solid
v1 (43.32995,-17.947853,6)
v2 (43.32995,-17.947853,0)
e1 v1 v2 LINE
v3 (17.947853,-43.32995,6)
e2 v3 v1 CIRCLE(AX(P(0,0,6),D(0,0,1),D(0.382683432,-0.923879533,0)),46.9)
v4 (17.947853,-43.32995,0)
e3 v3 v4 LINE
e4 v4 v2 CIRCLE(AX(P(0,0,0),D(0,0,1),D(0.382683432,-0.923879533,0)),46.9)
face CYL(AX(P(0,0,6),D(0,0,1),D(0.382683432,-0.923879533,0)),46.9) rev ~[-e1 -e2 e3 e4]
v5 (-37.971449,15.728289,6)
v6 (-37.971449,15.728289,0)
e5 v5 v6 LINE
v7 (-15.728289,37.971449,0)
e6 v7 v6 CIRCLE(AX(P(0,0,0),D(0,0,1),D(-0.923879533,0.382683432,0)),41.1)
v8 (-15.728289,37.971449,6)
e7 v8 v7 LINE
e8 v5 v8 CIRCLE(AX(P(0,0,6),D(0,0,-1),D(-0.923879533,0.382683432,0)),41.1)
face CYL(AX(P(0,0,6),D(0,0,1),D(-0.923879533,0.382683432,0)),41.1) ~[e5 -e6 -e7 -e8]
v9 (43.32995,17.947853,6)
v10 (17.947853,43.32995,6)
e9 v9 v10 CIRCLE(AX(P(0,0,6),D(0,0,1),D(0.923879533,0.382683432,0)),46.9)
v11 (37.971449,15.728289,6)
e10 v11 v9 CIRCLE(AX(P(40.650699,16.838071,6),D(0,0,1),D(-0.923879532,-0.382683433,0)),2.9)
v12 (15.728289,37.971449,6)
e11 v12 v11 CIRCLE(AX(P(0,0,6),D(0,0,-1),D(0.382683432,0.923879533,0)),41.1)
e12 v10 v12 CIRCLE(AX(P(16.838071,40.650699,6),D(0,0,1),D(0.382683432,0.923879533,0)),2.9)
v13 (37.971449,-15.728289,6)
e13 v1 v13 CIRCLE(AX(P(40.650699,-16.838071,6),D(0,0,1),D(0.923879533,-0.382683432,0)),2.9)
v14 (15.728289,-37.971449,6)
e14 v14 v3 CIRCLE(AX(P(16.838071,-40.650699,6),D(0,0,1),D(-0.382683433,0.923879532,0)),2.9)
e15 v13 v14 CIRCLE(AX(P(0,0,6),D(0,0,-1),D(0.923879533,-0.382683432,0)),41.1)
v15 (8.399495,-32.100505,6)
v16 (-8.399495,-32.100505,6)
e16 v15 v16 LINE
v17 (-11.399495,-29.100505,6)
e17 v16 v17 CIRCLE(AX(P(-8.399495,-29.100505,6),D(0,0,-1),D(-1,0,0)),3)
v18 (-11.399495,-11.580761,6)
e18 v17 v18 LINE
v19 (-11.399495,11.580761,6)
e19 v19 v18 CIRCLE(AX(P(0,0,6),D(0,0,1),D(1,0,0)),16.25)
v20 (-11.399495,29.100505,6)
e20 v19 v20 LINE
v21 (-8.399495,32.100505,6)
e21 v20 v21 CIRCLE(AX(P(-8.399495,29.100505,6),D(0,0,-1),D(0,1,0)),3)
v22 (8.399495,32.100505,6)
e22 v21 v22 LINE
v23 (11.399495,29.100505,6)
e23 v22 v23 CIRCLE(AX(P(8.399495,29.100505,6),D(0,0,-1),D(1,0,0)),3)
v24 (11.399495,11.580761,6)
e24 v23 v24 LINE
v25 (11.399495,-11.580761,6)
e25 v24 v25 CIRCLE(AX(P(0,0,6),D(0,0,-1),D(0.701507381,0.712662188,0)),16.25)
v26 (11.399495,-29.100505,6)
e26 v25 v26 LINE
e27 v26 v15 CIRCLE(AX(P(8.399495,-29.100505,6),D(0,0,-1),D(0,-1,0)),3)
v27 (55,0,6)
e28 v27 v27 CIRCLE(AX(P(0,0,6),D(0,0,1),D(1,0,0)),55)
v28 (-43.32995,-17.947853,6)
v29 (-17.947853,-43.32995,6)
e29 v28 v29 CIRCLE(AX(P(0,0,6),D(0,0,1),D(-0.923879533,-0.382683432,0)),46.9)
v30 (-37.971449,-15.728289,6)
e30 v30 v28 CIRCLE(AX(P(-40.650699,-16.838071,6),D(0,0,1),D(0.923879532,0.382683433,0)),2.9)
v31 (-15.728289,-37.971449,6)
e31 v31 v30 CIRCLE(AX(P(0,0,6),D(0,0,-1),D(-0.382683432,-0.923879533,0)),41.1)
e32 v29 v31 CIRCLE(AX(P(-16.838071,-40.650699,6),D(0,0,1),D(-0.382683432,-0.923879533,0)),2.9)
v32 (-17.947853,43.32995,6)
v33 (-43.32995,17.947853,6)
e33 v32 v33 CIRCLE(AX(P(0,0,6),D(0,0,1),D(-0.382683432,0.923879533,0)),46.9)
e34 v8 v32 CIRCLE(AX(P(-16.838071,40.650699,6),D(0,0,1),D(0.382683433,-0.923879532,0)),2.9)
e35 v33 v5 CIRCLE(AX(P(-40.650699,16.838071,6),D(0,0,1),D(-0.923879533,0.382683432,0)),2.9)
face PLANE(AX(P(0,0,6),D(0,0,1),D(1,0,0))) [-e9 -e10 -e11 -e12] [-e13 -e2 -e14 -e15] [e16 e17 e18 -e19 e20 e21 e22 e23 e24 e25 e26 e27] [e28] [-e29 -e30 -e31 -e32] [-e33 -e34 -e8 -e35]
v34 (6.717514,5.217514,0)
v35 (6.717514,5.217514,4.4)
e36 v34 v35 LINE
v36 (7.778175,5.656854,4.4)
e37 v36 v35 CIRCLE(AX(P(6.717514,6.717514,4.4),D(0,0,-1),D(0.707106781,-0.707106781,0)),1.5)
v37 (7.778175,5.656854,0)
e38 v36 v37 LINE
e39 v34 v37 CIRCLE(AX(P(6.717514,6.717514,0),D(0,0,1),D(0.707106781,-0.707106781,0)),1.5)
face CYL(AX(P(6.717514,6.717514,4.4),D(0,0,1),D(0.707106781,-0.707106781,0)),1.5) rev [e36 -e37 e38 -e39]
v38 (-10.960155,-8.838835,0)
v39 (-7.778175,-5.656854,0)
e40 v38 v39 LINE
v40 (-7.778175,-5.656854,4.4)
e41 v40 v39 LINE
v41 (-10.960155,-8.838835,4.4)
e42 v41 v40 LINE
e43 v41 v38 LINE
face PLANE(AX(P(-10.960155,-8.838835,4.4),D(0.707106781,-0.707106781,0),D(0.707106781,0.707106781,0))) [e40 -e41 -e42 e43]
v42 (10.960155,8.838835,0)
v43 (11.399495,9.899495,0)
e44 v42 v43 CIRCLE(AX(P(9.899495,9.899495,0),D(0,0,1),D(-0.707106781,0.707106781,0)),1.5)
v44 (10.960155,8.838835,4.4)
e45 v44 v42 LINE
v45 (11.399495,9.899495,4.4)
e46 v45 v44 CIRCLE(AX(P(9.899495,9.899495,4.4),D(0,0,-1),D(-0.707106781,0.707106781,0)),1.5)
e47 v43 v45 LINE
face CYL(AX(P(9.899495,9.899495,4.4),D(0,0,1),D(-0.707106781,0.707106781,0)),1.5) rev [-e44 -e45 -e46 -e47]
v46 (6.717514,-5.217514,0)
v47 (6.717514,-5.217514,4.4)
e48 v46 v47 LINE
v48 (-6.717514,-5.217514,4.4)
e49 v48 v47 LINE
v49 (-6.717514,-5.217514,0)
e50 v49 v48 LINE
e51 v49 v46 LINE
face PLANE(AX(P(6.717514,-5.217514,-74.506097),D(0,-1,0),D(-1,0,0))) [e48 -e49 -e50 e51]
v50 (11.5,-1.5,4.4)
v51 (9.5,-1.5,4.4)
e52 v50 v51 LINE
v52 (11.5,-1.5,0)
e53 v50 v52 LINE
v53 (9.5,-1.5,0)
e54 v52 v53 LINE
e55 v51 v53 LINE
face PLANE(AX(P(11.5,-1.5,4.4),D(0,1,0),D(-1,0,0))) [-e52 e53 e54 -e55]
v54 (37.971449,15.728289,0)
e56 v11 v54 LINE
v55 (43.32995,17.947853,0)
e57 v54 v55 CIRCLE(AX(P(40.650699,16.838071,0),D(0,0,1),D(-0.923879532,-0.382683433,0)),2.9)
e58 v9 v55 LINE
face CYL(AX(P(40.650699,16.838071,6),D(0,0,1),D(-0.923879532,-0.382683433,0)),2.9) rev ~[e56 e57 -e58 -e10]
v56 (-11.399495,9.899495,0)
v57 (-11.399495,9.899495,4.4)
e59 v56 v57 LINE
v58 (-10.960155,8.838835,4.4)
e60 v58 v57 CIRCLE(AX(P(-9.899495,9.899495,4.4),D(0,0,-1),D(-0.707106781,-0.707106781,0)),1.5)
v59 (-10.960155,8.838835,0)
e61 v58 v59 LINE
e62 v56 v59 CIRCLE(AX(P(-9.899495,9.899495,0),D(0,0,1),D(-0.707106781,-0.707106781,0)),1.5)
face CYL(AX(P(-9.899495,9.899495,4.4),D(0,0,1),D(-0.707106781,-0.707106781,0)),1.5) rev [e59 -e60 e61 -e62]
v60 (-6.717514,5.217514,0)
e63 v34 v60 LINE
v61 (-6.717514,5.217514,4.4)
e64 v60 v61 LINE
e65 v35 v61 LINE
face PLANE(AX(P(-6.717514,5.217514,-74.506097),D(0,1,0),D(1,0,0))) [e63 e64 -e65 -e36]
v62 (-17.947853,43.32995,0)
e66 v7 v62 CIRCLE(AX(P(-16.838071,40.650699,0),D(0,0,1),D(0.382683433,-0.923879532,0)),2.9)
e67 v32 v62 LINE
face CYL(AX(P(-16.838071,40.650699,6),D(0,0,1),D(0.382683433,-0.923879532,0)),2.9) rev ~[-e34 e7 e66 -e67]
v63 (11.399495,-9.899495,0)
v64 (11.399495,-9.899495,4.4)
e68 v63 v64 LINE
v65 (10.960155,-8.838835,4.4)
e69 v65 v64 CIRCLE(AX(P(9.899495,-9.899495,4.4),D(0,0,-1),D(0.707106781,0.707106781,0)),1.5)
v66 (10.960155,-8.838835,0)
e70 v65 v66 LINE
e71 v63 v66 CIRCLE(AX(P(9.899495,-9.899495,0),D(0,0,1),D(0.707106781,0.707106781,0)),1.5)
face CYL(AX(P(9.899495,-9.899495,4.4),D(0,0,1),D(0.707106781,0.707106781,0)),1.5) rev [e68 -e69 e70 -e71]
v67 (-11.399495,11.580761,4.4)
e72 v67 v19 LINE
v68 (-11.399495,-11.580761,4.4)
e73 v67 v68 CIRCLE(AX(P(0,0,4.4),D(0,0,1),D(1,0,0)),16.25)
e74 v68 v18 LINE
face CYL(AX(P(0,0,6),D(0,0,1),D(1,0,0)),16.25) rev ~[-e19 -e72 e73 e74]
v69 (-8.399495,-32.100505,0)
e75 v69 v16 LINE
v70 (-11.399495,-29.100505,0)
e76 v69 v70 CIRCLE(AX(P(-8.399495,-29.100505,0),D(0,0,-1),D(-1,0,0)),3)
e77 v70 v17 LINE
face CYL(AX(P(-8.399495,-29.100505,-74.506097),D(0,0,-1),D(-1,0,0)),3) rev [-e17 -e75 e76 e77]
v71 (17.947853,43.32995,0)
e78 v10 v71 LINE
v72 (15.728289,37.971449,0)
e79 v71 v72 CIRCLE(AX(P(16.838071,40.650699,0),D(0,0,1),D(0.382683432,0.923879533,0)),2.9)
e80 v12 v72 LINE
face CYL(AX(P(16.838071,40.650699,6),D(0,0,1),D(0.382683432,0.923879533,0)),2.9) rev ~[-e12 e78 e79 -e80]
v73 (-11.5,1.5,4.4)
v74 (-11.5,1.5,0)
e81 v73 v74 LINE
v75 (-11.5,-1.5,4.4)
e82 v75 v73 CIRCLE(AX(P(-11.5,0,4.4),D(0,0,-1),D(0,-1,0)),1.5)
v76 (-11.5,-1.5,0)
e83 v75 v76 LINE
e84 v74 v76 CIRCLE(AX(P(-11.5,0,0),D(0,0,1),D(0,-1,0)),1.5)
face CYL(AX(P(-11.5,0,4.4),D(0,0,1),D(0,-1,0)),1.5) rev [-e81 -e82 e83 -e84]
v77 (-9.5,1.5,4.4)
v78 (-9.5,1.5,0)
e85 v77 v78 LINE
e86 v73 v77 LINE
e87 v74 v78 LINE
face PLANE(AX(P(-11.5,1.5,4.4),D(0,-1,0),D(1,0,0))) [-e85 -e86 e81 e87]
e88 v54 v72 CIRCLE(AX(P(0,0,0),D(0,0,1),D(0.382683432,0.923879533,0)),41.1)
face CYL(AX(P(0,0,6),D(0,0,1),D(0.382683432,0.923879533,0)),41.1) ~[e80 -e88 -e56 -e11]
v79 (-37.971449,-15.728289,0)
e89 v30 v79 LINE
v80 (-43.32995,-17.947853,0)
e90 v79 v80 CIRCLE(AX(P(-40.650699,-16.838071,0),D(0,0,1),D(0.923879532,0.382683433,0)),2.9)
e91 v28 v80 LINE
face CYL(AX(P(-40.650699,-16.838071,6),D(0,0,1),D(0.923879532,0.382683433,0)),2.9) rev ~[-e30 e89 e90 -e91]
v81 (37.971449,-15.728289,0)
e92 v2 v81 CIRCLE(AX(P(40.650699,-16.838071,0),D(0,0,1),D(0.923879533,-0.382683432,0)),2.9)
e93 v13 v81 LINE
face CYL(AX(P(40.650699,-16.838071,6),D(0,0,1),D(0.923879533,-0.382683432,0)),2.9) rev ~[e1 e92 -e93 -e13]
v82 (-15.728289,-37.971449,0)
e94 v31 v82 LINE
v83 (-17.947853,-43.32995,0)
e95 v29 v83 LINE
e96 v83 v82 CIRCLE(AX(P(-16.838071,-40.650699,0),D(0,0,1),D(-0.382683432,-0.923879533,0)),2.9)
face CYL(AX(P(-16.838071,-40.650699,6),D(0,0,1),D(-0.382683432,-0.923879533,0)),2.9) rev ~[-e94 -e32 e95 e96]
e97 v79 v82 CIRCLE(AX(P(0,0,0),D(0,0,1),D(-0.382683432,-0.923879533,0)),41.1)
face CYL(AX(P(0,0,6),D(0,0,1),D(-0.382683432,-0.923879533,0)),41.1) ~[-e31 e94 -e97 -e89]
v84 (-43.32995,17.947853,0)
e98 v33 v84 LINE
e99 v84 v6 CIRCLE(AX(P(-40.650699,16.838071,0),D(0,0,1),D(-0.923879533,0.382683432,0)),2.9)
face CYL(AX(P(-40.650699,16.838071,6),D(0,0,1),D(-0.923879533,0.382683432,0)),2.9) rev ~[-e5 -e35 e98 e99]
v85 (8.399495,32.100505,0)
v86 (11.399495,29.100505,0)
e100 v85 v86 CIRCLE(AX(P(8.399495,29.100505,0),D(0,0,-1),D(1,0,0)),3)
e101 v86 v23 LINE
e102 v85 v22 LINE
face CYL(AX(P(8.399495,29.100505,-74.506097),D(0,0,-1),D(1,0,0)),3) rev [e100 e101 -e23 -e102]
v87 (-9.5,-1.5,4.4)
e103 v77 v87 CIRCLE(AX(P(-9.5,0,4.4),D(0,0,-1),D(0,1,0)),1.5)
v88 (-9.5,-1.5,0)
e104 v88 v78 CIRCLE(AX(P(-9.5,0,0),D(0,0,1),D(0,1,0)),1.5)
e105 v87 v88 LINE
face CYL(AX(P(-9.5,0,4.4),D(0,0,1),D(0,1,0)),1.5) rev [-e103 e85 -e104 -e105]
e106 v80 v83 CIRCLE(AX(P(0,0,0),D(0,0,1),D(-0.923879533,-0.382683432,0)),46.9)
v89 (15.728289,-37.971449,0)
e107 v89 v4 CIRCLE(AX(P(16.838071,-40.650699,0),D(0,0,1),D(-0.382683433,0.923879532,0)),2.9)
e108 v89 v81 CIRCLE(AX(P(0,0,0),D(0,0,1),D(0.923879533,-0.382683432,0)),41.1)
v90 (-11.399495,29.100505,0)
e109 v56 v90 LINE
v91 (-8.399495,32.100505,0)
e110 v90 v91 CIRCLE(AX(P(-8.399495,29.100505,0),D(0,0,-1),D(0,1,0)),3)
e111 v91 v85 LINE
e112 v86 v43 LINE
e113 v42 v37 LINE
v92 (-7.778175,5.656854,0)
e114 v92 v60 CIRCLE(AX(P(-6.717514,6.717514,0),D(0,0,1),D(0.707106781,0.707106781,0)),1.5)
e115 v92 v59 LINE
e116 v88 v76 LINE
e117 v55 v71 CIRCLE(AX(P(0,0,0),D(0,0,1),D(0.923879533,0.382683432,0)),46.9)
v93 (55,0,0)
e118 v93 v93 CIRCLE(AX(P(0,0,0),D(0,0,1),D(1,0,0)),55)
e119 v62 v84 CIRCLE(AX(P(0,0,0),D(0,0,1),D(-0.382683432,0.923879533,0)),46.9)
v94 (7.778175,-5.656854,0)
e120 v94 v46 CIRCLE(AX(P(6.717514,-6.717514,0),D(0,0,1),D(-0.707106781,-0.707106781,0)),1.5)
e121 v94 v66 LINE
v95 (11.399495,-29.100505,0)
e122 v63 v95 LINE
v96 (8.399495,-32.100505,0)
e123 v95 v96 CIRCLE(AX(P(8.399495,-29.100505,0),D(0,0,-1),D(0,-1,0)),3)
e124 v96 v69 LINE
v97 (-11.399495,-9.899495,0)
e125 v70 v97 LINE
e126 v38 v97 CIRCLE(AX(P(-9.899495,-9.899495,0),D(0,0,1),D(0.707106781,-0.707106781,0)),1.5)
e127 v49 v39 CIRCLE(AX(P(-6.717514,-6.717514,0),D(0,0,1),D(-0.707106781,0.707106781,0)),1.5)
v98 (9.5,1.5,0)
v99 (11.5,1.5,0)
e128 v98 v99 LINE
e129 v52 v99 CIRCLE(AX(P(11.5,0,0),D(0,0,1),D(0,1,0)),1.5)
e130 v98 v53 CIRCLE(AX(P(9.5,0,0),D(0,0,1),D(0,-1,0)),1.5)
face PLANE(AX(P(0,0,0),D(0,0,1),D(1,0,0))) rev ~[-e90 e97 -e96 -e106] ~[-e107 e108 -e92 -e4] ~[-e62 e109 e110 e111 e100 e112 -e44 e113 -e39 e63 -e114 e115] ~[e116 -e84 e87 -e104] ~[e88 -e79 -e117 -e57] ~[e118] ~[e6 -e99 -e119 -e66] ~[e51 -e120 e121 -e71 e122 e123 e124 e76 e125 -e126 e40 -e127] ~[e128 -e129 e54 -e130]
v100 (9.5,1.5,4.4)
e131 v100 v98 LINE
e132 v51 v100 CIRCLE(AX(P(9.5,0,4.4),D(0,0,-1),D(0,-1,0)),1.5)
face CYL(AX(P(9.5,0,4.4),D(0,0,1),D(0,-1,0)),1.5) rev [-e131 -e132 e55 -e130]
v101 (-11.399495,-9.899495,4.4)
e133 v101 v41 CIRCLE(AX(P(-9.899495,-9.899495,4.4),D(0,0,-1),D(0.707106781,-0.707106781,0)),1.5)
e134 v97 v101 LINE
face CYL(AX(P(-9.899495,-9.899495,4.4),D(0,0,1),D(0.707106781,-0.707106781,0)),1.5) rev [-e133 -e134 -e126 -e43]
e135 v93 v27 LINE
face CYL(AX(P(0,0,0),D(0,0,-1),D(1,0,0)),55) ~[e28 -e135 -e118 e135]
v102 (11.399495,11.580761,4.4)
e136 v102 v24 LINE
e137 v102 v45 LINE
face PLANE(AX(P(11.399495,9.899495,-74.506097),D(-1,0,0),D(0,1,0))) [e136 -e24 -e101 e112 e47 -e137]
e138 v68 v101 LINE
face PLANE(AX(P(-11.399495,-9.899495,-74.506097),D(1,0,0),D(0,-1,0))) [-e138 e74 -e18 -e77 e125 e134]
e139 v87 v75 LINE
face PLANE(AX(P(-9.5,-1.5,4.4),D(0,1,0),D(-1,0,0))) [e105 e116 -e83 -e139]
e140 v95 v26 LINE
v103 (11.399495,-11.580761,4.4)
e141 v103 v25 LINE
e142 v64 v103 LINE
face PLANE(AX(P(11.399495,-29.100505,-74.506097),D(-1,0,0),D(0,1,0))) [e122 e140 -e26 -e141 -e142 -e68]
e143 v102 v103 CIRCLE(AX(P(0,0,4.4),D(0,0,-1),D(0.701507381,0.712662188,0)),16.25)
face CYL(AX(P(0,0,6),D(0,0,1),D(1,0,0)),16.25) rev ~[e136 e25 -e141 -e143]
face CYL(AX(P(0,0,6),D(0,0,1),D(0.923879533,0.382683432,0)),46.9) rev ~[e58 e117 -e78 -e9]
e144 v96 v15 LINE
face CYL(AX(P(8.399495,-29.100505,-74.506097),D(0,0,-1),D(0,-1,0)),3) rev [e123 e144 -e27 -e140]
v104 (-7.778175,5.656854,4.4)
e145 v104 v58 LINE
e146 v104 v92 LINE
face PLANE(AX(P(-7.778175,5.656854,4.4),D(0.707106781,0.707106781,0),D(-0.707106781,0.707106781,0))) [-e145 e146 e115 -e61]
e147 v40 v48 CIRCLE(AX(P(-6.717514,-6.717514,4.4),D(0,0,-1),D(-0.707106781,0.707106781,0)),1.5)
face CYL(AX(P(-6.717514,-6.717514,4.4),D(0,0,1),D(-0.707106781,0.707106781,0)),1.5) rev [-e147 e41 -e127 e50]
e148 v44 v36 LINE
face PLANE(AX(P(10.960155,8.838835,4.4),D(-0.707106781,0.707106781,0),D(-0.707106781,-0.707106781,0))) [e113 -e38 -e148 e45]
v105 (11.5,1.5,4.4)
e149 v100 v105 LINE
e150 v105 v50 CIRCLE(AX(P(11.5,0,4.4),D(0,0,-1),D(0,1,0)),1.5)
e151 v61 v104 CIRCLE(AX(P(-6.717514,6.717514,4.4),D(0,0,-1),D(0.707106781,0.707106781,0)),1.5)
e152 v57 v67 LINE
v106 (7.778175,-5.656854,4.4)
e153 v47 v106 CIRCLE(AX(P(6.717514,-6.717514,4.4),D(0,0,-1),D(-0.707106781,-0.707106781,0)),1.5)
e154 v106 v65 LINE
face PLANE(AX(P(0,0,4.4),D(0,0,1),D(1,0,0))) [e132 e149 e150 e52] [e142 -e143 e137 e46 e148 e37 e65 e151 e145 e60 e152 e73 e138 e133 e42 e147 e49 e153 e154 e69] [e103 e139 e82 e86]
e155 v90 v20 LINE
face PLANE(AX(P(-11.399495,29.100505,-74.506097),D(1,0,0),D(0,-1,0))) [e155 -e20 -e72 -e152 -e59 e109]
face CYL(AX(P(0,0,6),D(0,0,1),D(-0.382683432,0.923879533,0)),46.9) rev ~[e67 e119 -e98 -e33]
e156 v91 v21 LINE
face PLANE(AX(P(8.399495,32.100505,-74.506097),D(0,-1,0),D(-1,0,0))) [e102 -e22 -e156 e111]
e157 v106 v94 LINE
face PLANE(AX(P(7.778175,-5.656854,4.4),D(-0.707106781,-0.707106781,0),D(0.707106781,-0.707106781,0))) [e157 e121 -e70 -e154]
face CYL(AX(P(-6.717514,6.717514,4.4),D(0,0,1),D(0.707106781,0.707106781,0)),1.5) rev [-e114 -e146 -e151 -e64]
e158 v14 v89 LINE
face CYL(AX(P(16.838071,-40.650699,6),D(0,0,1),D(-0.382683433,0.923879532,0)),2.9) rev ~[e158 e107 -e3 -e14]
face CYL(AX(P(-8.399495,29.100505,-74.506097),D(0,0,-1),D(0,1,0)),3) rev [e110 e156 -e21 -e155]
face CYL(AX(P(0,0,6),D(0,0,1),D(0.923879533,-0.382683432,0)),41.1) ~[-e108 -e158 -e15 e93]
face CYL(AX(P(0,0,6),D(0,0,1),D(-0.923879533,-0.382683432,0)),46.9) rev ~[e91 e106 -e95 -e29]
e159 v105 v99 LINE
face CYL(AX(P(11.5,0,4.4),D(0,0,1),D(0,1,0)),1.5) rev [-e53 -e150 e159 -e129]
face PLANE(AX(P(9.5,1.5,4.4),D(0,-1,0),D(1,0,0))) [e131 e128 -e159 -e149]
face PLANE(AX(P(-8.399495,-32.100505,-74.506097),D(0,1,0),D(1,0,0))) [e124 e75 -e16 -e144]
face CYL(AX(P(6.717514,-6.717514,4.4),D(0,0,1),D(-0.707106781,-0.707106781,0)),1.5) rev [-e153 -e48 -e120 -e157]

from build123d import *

# Parameters (mm, degrees)
SKETCH1_R               = 55
BOSS_EXTRUDE1_DEPTH     = 6
CUT_EXTRUDE1_DEPTH      = 79.012819459
SKETCH4_R               = 16.25
CUT_EXTRUDE2_DEPTH      = 1.6
CUT_EXTRUDE3_DEPTH      = 78.906097322
CUT_EXTRUDE4_DEPTH      = 78.906097322
CUT_EXTRUDE4_DEPTH_BACK = 78.906097322


with BuildPart() as part:
    # Sketch1 → Boss-Extrude1 (new body)
    with BuildSketch(Plane.XY):
        Circle(SKETCH1_R)
    extrude(amount=BOSS_EXTRUDE1_DEPTH)

    # Sketch3 → Cut-Extrude1 (cut, through all)
    with BuildSketch(Plane.XY.offset(6)):
        with BuildLine():
            ThreePointArc((-15.72828907, 37.971448786), (-14.15882038, 41.760481384), (-17.947852978, 43.329950075))
            ThreePointArc((-17.947852978, 43.329950075), (-33.163308038, 33.163308038), (-43.329950075, 17.947852978))
            ThreePointArc((-43.329950075, 17.947852978), (-41.760481384, 14.15882038), (-37.971448786, 15.72828907))
            ThreePointArc((-37.971448786, 15.72828907), (-29.062088707, 29.062088707), (-15.72828907, 37.971448786))
        make_face()
        with BuildLine():
            ThreePointArc((17.947852978, 43.329950075), (14.15882038, 41.760481384), (15.72828907, 37.971448786))
            ThreePointArc((15.72828907, 37.971448786), (29.062088707, 29.062088707), (37.971448786, 15.72828907))
            ThreePointArc((37.971448786, 15.72828907), (41.760481384, 14.15882038), (43.329950075, 17.947852978))
            ThreePointArc((43.329950075, 17.947852978), (33.163308038, 33.163308038), (17.947852978, 43.329950075))
        make_face()
        with BuildLine():
            ThreePointArc((43.329950075, -17.947852978), (41.760481384, -14.15882038), (37.971448786, -15.72828907))
            ThreePointArc((37.971448786, -15.72828907), (29.062088707, -29.062088707), (15.72828907, -37.971448786))
            ThreePointArc((15.72828907, -37.971448786), (14.15882038, -41.760481384), (17.947852978, -43.329950075))
            ThreePointArc((17.947852978, -43.329950075), (33.163308038, -33.163308038), (43.329950075, -17.947852978))
        make_face()
        with BuildLine():
            ThreePointArc((-17.947852978, -43.329950075), (-14.15882038, -41.760481384), (-15.72828907, -37.971448786))
            ThreePointArc((-15.72828907, -37.971448786), (-29.062088707, -29.062088707), (-37.971448786, -15.72828907))
            ThreePointArc((-37.971448786, -15.72828907), (-41.760481384, -14.15882038), (-43.329950075, -17.947852978))
            ThreePointArc((-43.329950075, -17.947852978), (-33.163308038, -33.163308038), (-17.947852978, -43.329950075))
        make_face()
    extrude(amount=-CUT_EXTRUDE1_DEPTH, mode=Mode.SUBTRACT)

    # Sketch4 → Cut-Extrude2 (cut)
    with BuildSketch(Plane.XY.offset(6)):
        Circle(SKETCH4_R)
    extrude(amount=-CUT_EXTRUDE2_DEPTH, mode=Mode.SUBTRACT)

    # Sketch5 → Cut-Extrude3 (cut, through all)
    with BuildSketch(Plane.XY.offset(4.4)):
        with BuildLine():
            Line((-5.656854249, -7.778174593), (-8.838834765, -10.960155108))
            ThreePointArc((-8.838834765, -10.960155108), (-10.960155108, -10.960155108), (-10.960155108, -8.838834765))
            Line((-10.960155108, -8.838834765), (-7.778174593, -5.656854249))
            ThreePointArc((-7.778174593, -5.656854249), (-5.656854249, -5.656854249), (-5.656854249, -7.778174593))
        make_face()
        with BuildLine():
            Line((-9.5, -1.5), (-11.5, -1.5))
            ThreePointArc((-11.5, -1.5), (-13, 0), (-11.5, 1.5))
            Line((-11.5, 1.5), (-9.5, 1.5))
            ThreePointArc((-9.5, 1.5), (-8, 0), (-9.5, -1.5))
        make_face()
        with BuildLine():
            Line((-7.778174593, 5.656854249), (-10.960155108, 8.838834765))
            ThreePointArc((-10.960155108, 8.838834765), (-10.960155108, 10.960155108), (-8.838834765, 10.960155108))
            Line((-8.838834765, 10.960155108), (-5.656854249, 7.778174593))
            ThreePointArc((-5.656854249, 7.778174593), (-5.656854249, 5.656854249), (-7.778174593, 5.656854249))
        make_face()
        with BuildLine():
            Line((5.656854249, 7.778174593), (8.838834765, 10.960155108))
            ThreePointArc((8.838834765, 10.960155108), (10.960155108, 10.960155108), (10.960155108, 8.838834765))
            Line((10.960155108, 8.838834765), (7.778174593, 5.656854249))
            ThreePointArc((7.778174593, 5.656854249), (5.656854249, 5.656854249), (5.656854249, 7.778174593))
        make_face()
        with BuildLine():
            Line((7.778174593, -5.656854249), (10.960155108, -8.838834765))
            ThreePointArc((10.960155108, -8.838834765), (10.960155108, -10.960155108), (8.838834765, -10.960155108))
            Line((8.838834765, -10.960155108), (5.656854249, -7.778174593))
            ThreePointArc((5.656854249, -7.778174593), (5.656854249, -5.656854249), (7.778174593, -5.656854249))
        make_face()
        with BuildLine():
            Line((9.5, 1.5), (11.5, 1.5))
            ThreePointArc((11.5, 1.5), (13, 0), (11.5, -1.5))
            Line((11.5, -1.5), (9.5, -1.5))
            ThreePointArc((9.5, -1.5), (8, 0), (9.5, 1.5))
        make_face()
    extrude(amount=-CUT_EXTRUDE3_DEPTH, mode=Mode.SUBTRACT)

    # Sketch6 → Cut-Extrude4 (cut, two sides: drawn at the far end of the back side and taken through both)
    with BuildSketch(Plane.XY.offset(4.4).offset(-CUT_EXTRUDE4_DEPTH_BACK)):
        with BuildLine():
            Line((-8.399494937, -32.100505062), (8.399494937, -32.100505062))
            ThreePointArc((8.399494937, -32.100505062), (10.52081528, -31.221825406), (11.399494937, -29.100505062))
            Line((11.399494937, -29.100505062), (11.399494937, -9.899494935))
            Line((11.399494937, -9.899494935), (6.717514421, -5.21751442))
            Line((6.717514421, -5.21751442), (-6.717514421, -5.21751442))
            Line((-6.717514421, -5.21751442), (-11.399494937, -9.899494935))
            Line((-11.399494937, -9.899494935), (-11.399494937, -29.100505062))
            ThreePointArc((-11.399494937, -29.100505062), (-10.52081528, -31.221825406), (-8.399494937, -32.100505062))
        make_face()
        with BuildLine():
            Line((8.399494937, 32.100505063), (-8.399494937, 32.100505063))
            ThreePointArc((-8.399494937, 32.100505063), (-10.52081528, 31.221825407), (-11.399494937, 29.100505063))
            Line((-11.399494937, 29.100505063), (-11.399494937, 9.899494937))
            Line((-11.399494937, 9.899494937), (-6.717514421, 5.217514421))
            Line((-6.717514421, 5.217514421), (6.717514421, 5.217514421))
            Line((6.717514421, 5.217514421), (11.399494937, 9.899494937))
            Line((11.399494937, 9.899494937), (11.399494937, 29.100505063))
            ThreePointArc((11.399494937, 29.100505063), (10.52081528, 31.221825407), (8.399494937, 32.100505063))
        make_face()
    extrude(amount=CUT_EXTRUDE4_DEPTH + CUT_EXTRUDE4_DEPTH_BACK, mode=Mode.SUBTRACT)


solid = part.part
